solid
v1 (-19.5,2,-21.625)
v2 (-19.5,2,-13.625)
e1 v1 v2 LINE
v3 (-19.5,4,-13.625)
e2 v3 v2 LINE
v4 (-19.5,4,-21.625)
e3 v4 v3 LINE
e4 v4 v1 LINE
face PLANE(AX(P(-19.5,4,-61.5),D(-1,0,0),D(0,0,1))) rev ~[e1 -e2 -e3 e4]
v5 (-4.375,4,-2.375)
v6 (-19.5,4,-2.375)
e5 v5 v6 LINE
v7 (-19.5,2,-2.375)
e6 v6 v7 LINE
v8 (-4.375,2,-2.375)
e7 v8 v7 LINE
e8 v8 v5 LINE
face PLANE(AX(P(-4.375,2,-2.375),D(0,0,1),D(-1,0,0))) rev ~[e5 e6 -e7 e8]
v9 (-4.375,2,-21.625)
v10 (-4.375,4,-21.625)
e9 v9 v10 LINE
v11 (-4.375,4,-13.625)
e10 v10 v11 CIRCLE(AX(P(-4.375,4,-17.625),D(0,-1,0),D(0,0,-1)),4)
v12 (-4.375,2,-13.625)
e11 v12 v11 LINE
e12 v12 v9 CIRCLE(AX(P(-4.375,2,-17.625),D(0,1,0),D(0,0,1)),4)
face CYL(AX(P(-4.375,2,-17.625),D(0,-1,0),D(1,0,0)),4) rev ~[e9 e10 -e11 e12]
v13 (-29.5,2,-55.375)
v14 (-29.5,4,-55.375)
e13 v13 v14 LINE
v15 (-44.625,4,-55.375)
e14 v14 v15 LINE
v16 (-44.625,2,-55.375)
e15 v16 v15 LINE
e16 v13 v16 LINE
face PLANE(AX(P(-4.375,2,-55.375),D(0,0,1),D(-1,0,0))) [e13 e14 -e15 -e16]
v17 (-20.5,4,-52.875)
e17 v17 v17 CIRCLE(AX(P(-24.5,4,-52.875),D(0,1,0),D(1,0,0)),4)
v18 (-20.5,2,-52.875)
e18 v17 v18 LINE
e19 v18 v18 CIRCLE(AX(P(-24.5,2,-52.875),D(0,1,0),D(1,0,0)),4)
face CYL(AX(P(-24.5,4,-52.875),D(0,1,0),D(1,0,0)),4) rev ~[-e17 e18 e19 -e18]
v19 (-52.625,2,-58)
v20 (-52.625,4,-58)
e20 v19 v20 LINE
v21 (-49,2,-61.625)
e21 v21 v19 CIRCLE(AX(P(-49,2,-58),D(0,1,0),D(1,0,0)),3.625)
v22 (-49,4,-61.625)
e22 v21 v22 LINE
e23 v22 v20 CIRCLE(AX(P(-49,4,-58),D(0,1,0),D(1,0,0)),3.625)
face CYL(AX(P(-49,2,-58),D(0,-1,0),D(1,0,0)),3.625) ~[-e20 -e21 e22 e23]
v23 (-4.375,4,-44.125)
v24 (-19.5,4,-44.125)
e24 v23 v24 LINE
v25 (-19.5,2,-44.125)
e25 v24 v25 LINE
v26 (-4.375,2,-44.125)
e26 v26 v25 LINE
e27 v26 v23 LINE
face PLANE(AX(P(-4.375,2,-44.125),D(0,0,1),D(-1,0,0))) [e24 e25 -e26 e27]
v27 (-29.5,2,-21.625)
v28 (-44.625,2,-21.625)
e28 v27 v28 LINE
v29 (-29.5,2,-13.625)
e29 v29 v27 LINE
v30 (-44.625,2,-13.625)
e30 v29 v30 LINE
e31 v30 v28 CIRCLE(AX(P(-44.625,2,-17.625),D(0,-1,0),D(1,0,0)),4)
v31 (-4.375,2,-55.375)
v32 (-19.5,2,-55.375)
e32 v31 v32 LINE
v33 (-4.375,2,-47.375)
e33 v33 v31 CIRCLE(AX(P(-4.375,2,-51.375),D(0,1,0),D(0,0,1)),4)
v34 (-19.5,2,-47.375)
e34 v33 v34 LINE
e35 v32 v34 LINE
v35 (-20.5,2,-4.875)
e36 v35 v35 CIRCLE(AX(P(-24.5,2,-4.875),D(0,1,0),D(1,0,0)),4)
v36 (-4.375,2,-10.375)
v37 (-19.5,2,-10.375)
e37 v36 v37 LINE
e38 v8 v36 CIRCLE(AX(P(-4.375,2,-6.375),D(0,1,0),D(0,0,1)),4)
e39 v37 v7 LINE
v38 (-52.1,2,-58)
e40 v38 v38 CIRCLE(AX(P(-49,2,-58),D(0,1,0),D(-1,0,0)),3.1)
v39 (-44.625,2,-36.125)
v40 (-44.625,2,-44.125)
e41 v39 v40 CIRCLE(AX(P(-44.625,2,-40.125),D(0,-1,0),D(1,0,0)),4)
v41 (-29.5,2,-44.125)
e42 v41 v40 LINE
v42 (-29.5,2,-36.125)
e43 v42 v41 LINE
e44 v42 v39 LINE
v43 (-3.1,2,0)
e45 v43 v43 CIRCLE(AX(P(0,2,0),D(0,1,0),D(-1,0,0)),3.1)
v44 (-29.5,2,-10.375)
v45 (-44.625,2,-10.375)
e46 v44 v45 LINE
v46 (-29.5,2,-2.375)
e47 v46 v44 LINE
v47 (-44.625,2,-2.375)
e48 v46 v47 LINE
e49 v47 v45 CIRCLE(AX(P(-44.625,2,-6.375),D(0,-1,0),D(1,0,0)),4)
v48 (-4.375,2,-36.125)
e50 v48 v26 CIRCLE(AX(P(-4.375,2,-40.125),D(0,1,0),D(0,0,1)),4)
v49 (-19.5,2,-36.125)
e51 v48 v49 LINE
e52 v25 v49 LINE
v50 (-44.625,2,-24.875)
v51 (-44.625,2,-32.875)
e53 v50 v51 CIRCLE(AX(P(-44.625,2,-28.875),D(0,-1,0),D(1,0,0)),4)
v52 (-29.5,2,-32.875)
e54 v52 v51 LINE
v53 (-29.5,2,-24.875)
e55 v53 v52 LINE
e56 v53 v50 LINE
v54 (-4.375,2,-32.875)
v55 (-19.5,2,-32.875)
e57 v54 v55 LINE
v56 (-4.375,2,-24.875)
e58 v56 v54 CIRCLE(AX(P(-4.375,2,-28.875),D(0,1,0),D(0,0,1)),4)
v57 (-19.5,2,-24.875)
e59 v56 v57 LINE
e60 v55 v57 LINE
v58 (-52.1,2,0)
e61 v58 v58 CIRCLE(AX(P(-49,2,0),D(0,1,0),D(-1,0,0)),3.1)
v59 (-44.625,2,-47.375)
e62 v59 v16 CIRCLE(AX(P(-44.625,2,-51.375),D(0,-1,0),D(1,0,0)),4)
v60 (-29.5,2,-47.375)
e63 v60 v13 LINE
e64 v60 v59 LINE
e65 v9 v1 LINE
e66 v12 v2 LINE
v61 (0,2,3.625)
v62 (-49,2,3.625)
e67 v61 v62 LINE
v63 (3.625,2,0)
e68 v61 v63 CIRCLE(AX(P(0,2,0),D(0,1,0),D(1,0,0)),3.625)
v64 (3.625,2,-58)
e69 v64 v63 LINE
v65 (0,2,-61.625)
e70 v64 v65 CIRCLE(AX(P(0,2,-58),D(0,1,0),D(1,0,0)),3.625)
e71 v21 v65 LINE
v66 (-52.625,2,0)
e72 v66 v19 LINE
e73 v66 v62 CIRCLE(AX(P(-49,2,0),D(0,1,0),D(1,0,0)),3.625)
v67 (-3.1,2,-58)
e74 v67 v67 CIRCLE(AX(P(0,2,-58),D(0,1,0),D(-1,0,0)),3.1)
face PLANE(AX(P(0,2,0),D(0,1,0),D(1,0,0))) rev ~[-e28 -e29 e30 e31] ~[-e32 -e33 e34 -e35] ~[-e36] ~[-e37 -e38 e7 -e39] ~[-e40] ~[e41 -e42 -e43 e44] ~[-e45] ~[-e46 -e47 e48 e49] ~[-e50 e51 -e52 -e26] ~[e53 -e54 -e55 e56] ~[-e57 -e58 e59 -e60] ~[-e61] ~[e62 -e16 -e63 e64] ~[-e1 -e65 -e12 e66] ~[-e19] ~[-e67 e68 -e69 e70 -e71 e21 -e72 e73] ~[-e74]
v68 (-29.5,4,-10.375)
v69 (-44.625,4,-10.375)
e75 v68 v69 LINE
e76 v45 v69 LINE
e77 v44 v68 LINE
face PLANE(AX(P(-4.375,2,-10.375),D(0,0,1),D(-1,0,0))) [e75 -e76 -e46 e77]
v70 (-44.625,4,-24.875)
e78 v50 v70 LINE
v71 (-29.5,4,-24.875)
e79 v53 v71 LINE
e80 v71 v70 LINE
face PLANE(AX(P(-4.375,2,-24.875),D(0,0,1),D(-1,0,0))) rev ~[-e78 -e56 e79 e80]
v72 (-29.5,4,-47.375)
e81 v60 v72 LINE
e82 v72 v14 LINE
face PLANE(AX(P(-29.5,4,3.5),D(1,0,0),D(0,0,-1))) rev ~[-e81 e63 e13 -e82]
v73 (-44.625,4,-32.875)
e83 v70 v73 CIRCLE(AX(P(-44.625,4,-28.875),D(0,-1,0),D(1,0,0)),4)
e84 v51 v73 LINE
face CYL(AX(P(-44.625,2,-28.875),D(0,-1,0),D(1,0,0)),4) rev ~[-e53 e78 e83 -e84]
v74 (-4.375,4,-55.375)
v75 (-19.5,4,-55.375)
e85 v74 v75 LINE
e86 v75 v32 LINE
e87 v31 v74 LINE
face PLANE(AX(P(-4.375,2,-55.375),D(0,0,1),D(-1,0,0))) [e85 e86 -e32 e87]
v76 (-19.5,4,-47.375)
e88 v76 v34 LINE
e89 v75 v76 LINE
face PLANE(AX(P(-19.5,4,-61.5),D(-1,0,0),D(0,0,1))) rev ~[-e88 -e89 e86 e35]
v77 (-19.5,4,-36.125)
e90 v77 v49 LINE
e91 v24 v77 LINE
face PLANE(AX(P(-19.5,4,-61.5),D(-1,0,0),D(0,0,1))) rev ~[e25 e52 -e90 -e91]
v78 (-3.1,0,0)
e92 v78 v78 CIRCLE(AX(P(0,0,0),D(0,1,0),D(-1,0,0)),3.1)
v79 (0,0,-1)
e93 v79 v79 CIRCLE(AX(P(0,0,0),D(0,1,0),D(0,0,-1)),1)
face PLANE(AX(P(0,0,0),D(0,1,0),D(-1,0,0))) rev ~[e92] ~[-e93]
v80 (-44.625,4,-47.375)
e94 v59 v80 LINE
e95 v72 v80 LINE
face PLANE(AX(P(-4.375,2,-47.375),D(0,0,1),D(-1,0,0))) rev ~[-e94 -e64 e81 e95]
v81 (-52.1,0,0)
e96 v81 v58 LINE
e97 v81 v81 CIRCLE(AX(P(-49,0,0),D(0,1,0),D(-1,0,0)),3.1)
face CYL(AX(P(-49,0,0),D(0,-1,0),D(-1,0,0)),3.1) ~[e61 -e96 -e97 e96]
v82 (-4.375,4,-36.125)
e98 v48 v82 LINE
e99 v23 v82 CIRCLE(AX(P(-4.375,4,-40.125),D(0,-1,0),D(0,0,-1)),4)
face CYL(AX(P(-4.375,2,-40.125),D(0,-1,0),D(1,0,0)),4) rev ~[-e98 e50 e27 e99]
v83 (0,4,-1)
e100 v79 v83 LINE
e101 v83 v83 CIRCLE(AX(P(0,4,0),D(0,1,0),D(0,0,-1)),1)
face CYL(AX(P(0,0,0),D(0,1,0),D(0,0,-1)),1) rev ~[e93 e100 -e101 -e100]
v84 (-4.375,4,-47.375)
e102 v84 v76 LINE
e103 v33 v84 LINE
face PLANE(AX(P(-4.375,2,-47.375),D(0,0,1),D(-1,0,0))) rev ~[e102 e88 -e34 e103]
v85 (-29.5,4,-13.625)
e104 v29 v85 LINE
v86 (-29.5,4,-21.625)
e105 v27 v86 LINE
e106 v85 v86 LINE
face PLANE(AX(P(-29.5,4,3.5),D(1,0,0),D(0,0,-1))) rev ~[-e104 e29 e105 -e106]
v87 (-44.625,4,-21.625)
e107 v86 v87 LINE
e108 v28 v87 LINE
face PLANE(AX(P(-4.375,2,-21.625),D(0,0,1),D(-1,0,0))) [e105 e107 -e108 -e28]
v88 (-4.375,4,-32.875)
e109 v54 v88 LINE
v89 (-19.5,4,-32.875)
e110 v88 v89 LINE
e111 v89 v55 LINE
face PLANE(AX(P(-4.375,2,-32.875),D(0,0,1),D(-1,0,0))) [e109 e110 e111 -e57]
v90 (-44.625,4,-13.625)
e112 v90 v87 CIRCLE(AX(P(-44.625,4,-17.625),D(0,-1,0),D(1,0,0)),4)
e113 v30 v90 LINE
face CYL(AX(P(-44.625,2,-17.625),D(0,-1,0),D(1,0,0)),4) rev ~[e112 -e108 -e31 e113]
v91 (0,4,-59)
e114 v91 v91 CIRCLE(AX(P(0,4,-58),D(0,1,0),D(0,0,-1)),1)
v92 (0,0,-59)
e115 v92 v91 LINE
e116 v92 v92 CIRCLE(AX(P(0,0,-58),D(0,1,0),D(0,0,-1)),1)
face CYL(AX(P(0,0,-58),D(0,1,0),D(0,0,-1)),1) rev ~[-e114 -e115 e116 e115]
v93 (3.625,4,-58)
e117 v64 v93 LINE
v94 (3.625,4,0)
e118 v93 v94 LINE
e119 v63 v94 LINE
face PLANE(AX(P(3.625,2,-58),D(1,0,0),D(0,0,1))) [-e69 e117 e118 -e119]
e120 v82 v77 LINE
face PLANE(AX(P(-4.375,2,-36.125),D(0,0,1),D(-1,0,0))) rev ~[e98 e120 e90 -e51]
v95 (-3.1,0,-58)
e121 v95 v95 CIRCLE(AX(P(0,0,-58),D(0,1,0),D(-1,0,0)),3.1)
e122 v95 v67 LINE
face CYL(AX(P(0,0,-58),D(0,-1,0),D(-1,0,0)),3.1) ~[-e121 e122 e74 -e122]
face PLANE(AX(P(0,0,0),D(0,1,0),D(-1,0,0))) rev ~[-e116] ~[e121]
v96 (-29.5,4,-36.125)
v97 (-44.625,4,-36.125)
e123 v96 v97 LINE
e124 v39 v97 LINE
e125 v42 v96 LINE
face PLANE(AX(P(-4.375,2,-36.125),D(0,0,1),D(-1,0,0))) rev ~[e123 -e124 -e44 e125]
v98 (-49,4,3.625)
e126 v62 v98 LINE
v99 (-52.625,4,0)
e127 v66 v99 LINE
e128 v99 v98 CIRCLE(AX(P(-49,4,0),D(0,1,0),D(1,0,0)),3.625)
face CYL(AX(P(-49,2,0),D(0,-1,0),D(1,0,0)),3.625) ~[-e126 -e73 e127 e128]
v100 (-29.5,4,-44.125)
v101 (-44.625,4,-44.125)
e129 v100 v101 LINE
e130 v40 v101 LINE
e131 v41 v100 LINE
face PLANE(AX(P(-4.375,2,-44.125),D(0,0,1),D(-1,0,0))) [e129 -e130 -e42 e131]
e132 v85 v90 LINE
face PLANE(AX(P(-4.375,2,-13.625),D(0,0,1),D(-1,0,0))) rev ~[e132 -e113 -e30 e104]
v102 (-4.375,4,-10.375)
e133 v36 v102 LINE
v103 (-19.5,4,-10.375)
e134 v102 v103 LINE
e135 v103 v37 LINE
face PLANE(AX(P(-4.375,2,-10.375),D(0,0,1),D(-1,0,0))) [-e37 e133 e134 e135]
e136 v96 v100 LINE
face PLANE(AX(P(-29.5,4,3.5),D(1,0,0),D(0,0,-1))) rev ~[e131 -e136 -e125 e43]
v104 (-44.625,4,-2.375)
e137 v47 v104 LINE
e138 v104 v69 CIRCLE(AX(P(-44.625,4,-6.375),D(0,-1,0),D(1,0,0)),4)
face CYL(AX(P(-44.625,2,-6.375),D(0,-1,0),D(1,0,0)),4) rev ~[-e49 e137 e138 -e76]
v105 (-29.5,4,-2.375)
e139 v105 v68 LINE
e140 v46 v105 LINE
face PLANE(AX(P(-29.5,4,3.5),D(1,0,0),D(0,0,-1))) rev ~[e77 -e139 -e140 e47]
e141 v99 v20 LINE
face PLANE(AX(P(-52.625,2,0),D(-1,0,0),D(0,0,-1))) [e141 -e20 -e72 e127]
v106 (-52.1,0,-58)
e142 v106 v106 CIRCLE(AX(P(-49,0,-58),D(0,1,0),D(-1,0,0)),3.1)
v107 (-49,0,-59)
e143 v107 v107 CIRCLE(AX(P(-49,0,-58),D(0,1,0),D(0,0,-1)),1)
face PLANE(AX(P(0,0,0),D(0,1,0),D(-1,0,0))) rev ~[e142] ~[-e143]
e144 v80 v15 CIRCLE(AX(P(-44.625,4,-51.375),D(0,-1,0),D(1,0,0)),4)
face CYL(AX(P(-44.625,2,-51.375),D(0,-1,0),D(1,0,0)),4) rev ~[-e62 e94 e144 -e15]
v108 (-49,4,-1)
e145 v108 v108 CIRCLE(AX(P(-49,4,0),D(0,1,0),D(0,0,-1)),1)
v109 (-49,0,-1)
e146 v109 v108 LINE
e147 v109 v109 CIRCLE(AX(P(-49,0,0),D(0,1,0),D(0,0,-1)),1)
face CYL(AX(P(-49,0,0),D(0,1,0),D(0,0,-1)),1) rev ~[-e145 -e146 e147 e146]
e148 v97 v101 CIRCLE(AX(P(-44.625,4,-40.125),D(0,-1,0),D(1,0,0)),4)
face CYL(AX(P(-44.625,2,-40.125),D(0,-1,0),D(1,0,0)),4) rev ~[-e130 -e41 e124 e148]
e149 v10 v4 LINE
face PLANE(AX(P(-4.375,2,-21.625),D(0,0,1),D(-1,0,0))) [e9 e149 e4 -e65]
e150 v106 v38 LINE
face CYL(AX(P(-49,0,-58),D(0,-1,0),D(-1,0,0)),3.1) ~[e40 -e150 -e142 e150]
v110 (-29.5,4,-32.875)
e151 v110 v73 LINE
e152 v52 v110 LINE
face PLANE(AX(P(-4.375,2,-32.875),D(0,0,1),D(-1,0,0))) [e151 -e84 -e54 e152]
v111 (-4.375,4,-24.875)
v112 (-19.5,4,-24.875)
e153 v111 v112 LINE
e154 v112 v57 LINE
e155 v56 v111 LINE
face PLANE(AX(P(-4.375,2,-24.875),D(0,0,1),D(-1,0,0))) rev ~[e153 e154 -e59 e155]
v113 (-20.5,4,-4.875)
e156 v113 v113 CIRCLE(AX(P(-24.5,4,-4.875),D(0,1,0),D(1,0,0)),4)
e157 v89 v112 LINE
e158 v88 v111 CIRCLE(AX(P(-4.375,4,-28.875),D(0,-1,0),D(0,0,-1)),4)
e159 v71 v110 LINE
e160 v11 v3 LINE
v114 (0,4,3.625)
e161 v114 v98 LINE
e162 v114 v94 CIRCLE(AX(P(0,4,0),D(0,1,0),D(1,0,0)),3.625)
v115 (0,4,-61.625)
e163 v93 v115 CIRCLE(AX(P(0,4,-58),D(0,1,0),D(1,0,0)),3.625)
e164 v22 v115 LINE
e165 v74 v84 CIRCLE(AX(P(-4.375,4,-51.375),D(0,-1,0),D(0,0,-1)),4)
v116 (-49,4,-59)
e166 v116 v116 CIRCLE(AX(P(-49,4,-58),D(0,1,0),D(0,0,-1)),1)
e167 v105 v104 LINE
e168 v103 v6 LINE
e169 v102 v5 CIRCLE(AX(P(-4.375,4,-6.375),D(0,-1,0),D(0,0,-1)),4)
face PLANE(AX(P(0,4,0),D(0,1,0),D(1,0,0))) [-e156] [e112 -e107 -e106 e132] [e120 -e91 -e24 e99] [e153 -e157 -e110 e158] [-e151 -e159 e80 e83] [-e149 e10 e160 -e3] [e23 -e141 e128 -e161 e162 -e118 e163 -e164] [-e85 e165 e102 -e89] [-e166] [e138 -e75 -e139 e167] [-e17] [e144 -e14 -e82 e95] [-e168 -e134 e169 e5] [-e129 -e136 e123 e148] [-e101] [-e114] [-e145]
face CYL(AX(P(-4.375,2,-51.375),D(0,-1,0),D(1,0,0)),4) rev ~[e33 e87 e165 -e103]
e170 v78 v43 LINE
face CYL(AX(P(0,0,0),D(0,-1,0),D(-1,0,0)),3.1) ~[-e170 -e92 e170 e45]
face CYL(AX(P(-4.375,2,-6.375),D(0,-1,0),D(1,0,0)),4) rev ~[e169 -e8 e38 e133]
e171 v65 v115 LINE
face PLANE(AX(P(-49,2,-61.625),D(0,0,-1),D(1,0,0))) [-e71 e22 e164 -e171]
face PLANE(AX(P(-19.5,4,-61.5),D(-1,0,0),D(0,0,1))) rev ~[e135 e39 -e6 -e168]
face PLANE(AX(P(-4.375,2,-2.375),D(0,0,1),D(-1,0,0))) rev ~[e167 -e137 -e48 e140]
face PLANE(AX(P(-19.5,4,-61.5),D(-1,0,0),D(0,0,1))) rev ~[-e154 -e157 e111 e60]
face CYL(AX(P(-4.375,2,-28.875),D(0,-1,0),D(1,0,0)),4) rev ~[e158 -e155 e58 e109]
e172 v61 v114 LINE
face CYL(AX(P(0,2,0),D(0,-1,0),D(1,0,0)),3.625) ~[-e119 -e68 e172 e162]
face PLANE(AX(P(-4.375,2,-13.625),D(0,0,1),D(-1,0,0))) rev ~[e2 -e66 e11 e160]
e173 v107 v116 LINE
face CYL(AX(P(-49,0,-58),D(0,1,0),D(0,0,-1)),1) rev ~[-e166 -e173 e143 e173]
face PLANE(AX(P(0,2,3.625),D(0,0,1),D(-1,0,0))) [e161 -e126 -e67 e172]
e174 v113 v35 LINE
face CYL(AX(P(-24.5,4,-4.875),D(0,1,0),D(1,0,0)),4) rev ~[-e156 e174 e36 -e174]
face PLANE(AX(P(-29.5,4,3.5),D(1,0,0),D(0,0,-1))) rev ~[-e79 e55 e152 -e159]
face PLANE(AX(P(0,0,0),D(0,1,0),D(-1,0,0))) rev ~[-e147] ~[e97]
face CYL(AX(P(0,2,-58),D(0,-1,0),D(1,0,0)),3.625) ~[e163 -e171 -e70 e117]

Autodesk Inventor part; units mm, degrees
ref_plane "YZ Plane" through (0, 0, 0) normal (1, 0, 0) x (0, 1, 0)
sketch "Sketch1" plane through (0, 0, 0) normal (0, 1, 0) x (-1, 0, 0)
  circle A0 centre (0, 0) radius 3.1
  circle A1 centre (49, 0) radius 3.1
  circle A2 centre (49, -58) radius 3.1
  circle A3 centre (0, -58) radius 3.1
  dimension "d4" = 6.2
  dimension "d5" = 6.2
  dimension "d6" = 6.2
  dimension "d7" = 6.2
  dimension "d12" = 58
  dimension "d13" = 58
  dimension "d14" = 49
  dimension "d15" = 49
extrude "Extrusion1" add sketch "Sketch1" along normal blind 2
sketch "Sketch3" plane through (0, 2, 0) normal (0, 1, 0) x (1, 0, 0)
  circle A0 centre (0, 0) radius 3.1 projected
  circle A1 centre (0, 0) radius 3.625
  circle A2 centre (0, 58) radius 3.1 projected
  circle A3 centre (0, 58) radius 3.625
  circle A4 centre (-49, 58) radius 3.1 projected
  circle A5 centre (-49, 58) radius 3.625
  circle A6 centre (-49, 0) radius 3.1 projected
  circle A7 centre (-49, 0) radius 3.625
  line L0 (-52.625, 0) -> (-52.625, 58)
  line L1 (-49, 61.625) -> (0, 61.625)
  line L2 (3.625, 58) -> (3.625, 0)
  line L3 (0, -3.625) -> (-49, -3.625)
  dimension "d18" = 7.25
  dimension "d19" = 7.25
  dimension "d20" = 7.25
  dimension "d21" = 7.25
extrude "Extrusion2" add sketch "Sketch3" along normal blind 2 contours A0 | A1 | A1 L3 A7 L0 A5 L1 A3 L2 | A3 | A7 | A5 | A2 | A4 | A6
sketch "Sketch5" plane through (0, 2, 0) normal (0, -1, 0) x (1, 0, 0)
  circle A0 centre (-4.375, -6.375) radius 4
  circle A1 centre (-44.625, -6.375) radius 4
  line L0 (3.625, 0) -> (3.625, -58) projected
  line L1 (-52.625, -58) -> (-52.625, 0) projected
  line L2 (-49, 3.625) -> (0, 3.625) projected
  line L3 (-4.375, -2.375) -> (-44.625, -2.375)
  line L4 (-4.375, -10.375) -> (-44.625, -10.375)
  circle A2 centre (-4.375, -17.625) radius 4
  line L5 (-4.375, -13.625) -> (-44.625, -13.625)
  line L6 (-4.375, -21.625) -> (-44.625, -21.625)
  circle A3 centre (-44.625, -17.625) radius 4
  circle A4 centre (-4.375, -28.875) radius 4
  line L7 (-4.375, -24.875) -> (-44.625, -24.875)
  line L8 (-4.375, -32.875) -> (-44.625, -32.875)
  circle A5 centre (-44.625, -28.875) radius 4
  circle A6 centre (-4.375, -40.125) radius 4
  line L9 (-4.375, -36.125) -> (-44.625, -36.125)
  line L10 (-4.375, -44.125) -> (-44.625, -44.125)
  circle A7 centre (-44.625, -40.125) radius 4
  circle A8 centre (-4.375, -51.375) radius 4
  line L11 (-4.375, -47.375) -> (-44.625, -47.375)
  line L12 (-4.375, -55.375) -> (-44.625, -55.375)
  circle A9 centre (-44.625, -51.375) radius 4
  point P0 (0, 0)
  dimension "d27" = 8
  dimension "d28" = 8
  dimension "d29" = 8
  dimension "d30" = 8
  dimension "d31" = 10
  dimension "d32" = 10
  dimension "d35" = 11.25
extrude "Extrusion3" cut sketch "Sketch5" against normal blind 2
sketch "Sketch6" plane through (0, 0, 0) normal (0, -1, 0) x (1, 0, 0)
  circle A0 centre (0, 0) radius 3.1 projected
  circle A1 centre (-49, -58) radius 3.1 projected
  line L0 (0, 0) -> (-49, 0)
  line L1 (-49, 0) -> (-49, -58)
  line L2 (-49, -58) -> (0, -58)
  line L3 (0, -58) -> (0, 0)
hole "Hole1" at (0, 0, -58) at (0, 0, 0) at (-49, 0, 0) at (-49, 0, -58) direction (0, 1, 0) diameter 2 end through all
sketch "Sketch7" plane through (0, 4, 0) normal (0, 1, 0) x (1, 0, 0)
  circle A0 centre (-24.5, 52.875) radius 4
  circle A1 centre (-24.5, 4.875) radius 4
  line L0 (-49, -3.625) -> (0, -3.625) projected
  point P0 (0, 0)
  dimension "d49" = 8
  dimension "d50" = 8
  dimension "d51" = 48
  dimension "d52" = 8.5
ref_plane "Work Plane2" through (0, 4, 0) normal (0, -1, 0) x (1, 0, 0)
sketch "Sketch8" plane through (0, 4, 0) normal (0, -1, 0) x (1, 0, 0)
  line L0 (-29.5, -61.5) -> (-19.5, -61.5)
  line L1 (-19.5, -61.5) -> (-19.5, 3.5)
  line L2 (-19.5, 3.5) -> (-29.5, 3.5)
  line L3 (-29.5, 3.5) -> (-29.5, -61.5)
  arc A0 (-27.6225, -2.5) -> (-21.3775, -2.5) centre (-24.5, -5) ccw projected
  point P0 (0, 0)
  dimension "d55" = 10
  dimension "d56" = 5
extrude "Extrusion5" add sketch "Sketch8" along normal up to surface (2 mm away)
ref_plane "Work Plane1" through (-24.5, 7, -5) normal (0, 1, 0) x (1, 0, 0)
extrude "Extrusion6" cut sketch "Sketch7" against normal blind 10
equation "\"d18\" = d19"
equation "\"d20\" = d19"
equation "\"d21\" = d19"
properties part number "Pi_mount"
